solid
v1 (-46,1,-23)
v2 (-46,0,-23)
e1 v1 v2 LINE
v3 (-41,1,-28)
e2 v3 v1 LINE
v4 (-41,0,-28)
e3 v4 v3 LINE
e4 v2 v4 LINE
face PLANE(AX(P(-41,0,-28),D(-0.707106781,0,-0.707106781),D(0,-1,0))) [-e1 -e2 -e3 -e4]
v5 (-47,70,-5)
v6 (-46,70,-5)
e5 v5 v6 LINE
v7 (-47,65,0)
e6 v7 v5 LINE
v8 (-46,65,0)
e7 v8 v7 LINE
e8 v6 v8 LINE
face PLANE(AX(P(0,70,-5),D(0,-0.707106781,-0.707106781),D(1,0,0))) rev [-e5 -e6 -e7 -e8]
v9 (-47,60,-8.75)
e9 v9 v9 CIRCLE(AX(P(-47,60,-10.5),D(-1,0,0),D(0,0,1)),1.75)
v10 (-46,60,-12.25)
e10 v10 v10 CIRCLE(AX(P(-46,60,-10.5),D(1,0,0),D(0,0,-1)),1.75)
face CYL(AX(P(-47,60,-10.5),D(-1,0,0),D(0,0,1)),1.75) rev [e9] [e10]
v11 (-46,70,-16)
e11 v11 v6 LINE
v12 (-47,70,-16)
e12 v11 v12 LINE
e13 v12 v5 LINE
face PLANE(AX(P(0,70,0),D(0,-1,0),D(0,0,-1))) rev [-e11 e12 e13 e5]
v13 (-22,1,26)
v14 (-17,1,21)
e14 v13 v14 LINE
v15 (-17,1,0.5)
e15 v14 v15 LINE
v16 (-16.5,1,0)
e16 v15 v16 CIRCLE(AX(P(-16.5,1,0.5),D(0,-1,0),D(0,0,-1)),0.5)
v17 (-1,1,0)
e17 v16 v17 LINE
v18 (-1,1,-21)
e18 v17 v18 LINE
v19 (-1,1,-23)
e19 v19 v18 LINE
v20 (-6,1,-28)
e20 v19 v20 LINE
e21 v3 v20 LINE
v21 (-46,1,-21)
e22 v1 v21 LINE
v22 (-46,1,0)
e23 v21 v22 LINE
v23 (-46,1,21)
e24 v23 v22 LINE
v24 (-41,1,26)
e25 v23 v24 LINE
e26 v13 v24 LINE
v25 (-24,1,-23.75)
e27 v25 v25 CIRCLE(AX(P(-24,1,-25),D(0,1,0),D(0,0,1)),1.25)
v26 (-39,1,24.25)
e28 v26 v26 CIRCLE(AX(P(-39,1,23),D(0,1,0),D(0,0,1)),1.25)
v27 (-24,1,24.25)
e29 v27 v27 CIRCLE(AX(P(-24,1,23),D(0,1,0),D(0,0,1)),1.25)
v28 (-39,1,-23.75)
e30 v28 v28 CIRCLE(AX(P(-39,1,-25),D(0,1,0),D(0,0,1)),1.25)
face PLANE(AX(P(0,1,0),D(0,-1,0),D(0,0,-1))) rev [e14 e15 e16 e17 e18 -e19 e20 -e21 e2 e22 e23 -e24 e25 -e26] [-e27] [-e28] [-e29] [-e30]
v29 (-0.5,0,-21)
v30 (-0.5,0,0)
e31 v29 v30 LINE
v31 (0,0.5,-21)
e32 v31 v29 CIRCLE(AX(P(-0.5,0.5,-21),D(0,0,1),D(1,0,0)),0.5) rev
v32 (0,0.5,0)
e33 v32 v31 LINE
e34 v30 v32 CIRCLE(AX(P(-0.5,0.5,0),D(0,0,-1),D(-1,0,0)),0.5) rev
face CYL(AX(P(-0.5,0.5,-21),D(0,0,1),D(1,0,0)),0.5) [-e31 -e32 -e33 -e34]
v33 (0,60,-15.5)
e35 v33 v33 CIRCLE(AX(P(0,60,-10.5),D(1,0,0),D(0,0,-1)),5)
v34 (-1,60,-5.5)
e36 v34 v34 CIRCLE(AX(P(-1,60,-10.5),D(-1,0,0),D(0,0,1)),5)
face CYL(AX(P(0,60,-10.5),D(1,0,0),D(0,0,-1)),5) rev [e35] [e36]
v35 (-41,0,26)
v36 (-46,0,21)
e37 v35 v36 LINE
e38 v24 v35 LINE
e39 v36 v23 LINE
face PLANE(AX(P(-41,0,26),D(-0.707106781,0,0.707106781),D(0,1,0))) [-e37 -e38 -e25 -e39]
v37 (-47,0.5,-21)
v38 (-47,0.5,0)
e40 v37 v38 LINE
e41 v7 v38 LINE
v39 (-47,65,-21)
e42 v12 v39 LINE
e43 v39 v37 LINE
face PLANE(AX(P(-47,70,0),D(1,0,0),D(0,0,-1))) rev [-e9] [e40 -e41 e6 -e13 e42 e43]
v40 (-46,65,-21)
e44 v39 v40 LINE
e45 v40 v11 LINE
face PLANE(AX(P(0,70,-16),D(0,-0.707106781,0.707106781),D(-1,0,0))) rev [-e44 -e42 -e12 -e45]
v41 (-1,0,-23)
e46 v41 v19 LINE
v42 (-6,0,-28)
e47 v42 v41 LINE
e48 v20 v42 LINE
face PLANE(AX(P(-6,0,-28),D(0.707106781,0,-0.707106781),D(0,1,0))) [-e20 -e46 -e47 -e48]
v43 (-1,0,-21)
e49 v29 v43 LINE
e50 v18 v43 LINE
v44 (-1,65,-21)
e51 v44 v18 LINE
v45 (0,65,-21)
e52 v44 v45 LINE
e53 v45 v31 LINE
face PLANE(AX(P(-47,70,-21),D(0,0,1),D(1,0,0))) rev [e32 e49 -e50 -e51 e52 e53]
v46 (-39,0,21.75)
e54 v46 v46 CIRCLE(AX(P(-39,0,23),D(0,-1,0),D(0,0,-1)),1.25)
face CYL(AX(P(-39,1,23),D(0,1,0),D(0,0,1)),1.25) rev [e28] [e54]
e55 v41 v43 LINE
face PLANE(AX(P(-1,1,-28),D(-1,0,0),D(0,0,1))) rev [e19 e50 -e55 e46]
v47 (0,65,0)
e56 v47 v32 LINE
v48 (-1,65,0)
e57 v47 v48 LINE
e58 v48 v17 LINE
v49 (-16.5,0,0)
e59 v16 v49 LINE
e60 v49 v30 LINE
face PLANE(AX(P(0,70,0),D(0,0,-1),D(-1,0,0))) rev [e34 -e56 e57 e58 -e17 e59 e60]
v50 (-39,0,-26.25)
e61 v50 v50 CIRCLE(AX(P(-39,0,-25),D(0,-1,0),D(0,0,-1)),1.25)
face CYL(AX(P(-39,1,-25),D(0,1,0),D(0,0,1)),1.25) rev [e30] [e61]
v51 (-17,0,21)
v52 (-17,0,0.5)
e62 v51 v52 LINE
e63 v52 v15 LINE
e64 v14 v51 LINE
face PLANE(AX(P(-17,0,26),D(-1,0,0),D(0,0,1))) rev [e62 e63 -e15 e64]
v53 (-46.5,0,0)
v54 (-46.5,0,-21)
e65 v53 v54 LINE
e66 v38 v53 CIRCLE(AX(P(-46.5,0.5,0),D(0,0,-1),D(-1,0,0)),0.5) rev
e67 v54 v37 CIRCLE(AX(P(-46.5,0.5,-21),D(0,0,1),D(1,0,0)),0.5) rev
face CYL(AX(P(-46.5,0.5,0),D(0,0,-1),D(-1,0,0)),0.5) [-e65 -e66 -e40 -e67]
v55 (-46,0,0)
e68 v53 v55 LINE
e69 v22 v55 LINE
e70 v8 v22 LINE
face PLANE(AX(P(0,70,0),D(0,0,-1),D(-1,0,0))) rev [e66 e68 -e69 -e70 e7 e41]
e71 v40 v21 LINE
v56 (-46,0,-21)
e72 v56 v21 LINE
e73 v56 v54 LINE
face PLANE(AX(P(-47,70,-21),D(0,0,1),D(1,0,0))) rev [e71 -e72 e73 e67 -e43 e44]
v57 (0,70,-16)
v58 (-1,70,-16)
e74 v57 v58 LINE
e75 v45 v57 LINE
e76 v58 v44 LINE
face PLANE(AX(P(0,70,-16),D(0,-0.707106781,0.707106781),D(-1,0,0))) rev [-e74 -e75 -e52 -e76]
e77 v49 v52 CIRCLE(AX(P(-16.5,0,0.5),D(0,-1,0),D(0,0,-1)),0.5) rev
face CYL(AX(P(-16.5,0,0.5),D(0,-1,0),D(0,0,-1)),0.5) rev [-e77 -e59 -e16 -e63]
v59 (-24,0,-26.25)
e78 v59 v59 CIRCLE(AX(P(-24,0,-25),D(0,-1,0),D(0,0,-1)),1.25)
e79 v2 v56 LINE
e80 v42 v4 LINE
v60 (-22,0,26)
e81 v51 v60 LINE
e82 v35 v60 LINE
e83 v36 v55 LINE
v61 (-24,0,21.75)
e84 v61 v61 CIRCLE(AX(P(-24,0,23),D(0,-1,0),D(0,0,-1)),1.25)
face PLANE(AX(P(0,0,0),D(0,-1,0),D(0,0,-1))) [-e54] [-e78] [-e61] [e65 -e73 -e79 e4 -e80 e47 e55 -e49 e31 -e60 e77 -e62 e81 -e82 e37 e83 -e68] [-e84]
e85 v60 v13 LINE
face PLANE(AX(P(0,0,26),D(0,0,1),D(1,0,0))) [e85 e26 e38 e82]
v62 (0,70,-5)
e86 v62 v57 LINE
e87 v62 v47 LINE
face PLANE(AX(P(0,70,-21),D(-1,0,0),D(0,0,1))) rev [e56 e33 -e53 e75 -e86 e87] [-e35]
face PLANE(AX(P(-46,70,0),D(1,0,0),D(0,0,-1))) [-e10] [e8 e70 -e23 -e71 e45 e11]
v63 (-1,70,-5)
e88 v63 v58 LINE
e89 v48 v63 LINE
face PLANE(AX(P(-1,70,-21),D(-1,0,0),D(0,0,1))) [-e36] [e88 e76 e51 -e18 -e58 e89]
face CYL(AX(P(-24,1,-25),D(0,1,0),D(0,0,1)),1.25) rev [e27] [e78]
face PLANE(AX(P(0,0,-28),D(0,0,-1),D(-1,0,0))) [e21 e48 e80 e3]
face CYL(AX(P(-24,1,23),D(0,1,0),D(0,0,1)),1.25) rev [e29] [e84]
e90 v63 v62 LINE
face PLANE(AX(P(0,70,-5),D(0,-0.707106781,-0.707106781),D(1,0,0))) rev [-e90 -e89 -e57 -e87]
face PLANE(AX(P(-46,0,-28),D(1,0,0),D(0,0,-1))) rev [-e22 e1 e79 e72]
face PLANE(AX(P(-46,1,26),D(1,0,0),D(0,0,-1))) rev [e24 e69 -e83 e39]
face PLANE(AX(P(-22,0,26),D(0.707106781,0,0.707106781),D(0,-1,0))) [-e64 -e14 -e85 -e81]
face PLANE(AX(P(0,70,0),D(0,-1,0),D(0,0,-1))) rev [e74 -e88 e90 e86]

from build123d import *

# Parameters (mm, degrees)
SKETCH_1_W                  = 47
SKETCH_1_H                  = 21
EXTRUDE_1_DEPTH             = 70
SHELL_1_T                   = -1
SKETCH_2_W                  = 29
SKETCH_2_H                  = 1
EXTRUDE_2_DEPTH             = 26
SKETCH_3_W                  = 45
SKETCH_3_H                  = 1
EXTRUDE_3_DEPTH             = 7
HOLE_WIZARD_10_0_10_1_D     = 10
HOLE_WIZARD_10_0_10_1_DEPTH = 1
HOLE_WIZARD_3_5_3_5_1_D     = 3.5
HOLE_WIZARD_M3_1_D          = 2.5
CHAMFER_1_SIZE              = 5
FILLET_1_R                  = 0.5


with BuildPart() as part:
    # 草图1 → 凸台-拉伸1 (new body)
    with BuildSketch(Plane(origin=(0, 0, 0), x_dir=(1, 0, 0), z_dir=(0, 1, 0))):
        with Locations((-23.5, 10.5)):
            Rectangle(SKETCH_1_W, SKETCH_1_H)
    extrude(amount=EXTRUDE_1_DEPTH)

    # 抽壳1
    shell_1_openings = [part.faces().sort_by_distance(p)[0] for p in [
        (-23.5, 70, -10.5),
        (-23.5, 35, 0),
        (-23.5, 35, -21),
    ]]
    offset(amount=SHELL_1_T, openings=shell_1_openings, kind=Kind.INTERSECTION)

    # 草图2 → 凸台-拉伸2 (add)
    with BuildSketch(Plane.XY):
        with Locations((-31.5, 0.5)):
            Rectangle(SKETCH_2_W, SKETCH_2_H)
    extrude(amount=EXTRUDE_2_DEPTH)

    # 草图3 → 凸台-拉伸3 (add)
    with BuildSketch(Plane(origin=(0, 0, -21), x_dir=(-1, 0, 0), z_dir=(0, 0, -1))):
        with Locations((23.5, 0.5)):
            Rectangle(SKETCH_3_W, SKETCH_3_H)
    extrude(amount=EXTRUDE_3_DEPTH)

    # Ø10.0 (10) 直径槽口1
    with Locations(Plane(origin=(0, 0, 0), x_dir=(0, 0, -1), z_dir=(1, 0, 0))):
        with Locations((10.5, 60)):
            Hole(HOLE_WIZARD_10_0_10_1_D / 2, depth=HOLE_WIZARD_10_0_10_1_DEPTH)

    # Ø3.5 (3.5) 直径槽口1 (through all)
    with Locations(Plane.ZY.offset(47)):
        with Locations((-10.5, 60)):
            Hole(HOLE_WIZARD_3_5_3_5_1_D / 2)

    # M3 螺纹孔1 (through all)
    with Locations(Plane(origin=(0, 1, 0), x_dir=(1, 0, 0), z_dir=(0, 1, 0))):
        with Locations((-39, -23), (-24, -23), (-24, 25), (-39, 25)):
            Hole(HOLE_WIZARD_M3_1_D / 2)

    # 倒角1
    chamfer_1_edges = [part.edges().sort_by_distance(p)[0] for p in [
        (-46.5, 70, 0),
        (-46.5, 70, -21),
        (-0.5, 70, 0),
        (-46, 0.5, 26),
        (-17, 0.5, 26),
        (-1, 0.5, -28),
        (-46, 0.5, -28),
        (-0.5, 70, -21),
    ]]
    chamfer(chamfer_1_edges, length=CHAMFER_1_SIZE)

    # 圆角1
    fillet_1_edges = [part.edges().sort_by_distance(p)[0] for p in [
        (-17, 0.5, 0),
        (-47, 0, -10.5),
        (0, 0, -10.5),
    ]]
    fillet(fillet_1_edges, radius=FILLET_1_R)


solid = part.part
